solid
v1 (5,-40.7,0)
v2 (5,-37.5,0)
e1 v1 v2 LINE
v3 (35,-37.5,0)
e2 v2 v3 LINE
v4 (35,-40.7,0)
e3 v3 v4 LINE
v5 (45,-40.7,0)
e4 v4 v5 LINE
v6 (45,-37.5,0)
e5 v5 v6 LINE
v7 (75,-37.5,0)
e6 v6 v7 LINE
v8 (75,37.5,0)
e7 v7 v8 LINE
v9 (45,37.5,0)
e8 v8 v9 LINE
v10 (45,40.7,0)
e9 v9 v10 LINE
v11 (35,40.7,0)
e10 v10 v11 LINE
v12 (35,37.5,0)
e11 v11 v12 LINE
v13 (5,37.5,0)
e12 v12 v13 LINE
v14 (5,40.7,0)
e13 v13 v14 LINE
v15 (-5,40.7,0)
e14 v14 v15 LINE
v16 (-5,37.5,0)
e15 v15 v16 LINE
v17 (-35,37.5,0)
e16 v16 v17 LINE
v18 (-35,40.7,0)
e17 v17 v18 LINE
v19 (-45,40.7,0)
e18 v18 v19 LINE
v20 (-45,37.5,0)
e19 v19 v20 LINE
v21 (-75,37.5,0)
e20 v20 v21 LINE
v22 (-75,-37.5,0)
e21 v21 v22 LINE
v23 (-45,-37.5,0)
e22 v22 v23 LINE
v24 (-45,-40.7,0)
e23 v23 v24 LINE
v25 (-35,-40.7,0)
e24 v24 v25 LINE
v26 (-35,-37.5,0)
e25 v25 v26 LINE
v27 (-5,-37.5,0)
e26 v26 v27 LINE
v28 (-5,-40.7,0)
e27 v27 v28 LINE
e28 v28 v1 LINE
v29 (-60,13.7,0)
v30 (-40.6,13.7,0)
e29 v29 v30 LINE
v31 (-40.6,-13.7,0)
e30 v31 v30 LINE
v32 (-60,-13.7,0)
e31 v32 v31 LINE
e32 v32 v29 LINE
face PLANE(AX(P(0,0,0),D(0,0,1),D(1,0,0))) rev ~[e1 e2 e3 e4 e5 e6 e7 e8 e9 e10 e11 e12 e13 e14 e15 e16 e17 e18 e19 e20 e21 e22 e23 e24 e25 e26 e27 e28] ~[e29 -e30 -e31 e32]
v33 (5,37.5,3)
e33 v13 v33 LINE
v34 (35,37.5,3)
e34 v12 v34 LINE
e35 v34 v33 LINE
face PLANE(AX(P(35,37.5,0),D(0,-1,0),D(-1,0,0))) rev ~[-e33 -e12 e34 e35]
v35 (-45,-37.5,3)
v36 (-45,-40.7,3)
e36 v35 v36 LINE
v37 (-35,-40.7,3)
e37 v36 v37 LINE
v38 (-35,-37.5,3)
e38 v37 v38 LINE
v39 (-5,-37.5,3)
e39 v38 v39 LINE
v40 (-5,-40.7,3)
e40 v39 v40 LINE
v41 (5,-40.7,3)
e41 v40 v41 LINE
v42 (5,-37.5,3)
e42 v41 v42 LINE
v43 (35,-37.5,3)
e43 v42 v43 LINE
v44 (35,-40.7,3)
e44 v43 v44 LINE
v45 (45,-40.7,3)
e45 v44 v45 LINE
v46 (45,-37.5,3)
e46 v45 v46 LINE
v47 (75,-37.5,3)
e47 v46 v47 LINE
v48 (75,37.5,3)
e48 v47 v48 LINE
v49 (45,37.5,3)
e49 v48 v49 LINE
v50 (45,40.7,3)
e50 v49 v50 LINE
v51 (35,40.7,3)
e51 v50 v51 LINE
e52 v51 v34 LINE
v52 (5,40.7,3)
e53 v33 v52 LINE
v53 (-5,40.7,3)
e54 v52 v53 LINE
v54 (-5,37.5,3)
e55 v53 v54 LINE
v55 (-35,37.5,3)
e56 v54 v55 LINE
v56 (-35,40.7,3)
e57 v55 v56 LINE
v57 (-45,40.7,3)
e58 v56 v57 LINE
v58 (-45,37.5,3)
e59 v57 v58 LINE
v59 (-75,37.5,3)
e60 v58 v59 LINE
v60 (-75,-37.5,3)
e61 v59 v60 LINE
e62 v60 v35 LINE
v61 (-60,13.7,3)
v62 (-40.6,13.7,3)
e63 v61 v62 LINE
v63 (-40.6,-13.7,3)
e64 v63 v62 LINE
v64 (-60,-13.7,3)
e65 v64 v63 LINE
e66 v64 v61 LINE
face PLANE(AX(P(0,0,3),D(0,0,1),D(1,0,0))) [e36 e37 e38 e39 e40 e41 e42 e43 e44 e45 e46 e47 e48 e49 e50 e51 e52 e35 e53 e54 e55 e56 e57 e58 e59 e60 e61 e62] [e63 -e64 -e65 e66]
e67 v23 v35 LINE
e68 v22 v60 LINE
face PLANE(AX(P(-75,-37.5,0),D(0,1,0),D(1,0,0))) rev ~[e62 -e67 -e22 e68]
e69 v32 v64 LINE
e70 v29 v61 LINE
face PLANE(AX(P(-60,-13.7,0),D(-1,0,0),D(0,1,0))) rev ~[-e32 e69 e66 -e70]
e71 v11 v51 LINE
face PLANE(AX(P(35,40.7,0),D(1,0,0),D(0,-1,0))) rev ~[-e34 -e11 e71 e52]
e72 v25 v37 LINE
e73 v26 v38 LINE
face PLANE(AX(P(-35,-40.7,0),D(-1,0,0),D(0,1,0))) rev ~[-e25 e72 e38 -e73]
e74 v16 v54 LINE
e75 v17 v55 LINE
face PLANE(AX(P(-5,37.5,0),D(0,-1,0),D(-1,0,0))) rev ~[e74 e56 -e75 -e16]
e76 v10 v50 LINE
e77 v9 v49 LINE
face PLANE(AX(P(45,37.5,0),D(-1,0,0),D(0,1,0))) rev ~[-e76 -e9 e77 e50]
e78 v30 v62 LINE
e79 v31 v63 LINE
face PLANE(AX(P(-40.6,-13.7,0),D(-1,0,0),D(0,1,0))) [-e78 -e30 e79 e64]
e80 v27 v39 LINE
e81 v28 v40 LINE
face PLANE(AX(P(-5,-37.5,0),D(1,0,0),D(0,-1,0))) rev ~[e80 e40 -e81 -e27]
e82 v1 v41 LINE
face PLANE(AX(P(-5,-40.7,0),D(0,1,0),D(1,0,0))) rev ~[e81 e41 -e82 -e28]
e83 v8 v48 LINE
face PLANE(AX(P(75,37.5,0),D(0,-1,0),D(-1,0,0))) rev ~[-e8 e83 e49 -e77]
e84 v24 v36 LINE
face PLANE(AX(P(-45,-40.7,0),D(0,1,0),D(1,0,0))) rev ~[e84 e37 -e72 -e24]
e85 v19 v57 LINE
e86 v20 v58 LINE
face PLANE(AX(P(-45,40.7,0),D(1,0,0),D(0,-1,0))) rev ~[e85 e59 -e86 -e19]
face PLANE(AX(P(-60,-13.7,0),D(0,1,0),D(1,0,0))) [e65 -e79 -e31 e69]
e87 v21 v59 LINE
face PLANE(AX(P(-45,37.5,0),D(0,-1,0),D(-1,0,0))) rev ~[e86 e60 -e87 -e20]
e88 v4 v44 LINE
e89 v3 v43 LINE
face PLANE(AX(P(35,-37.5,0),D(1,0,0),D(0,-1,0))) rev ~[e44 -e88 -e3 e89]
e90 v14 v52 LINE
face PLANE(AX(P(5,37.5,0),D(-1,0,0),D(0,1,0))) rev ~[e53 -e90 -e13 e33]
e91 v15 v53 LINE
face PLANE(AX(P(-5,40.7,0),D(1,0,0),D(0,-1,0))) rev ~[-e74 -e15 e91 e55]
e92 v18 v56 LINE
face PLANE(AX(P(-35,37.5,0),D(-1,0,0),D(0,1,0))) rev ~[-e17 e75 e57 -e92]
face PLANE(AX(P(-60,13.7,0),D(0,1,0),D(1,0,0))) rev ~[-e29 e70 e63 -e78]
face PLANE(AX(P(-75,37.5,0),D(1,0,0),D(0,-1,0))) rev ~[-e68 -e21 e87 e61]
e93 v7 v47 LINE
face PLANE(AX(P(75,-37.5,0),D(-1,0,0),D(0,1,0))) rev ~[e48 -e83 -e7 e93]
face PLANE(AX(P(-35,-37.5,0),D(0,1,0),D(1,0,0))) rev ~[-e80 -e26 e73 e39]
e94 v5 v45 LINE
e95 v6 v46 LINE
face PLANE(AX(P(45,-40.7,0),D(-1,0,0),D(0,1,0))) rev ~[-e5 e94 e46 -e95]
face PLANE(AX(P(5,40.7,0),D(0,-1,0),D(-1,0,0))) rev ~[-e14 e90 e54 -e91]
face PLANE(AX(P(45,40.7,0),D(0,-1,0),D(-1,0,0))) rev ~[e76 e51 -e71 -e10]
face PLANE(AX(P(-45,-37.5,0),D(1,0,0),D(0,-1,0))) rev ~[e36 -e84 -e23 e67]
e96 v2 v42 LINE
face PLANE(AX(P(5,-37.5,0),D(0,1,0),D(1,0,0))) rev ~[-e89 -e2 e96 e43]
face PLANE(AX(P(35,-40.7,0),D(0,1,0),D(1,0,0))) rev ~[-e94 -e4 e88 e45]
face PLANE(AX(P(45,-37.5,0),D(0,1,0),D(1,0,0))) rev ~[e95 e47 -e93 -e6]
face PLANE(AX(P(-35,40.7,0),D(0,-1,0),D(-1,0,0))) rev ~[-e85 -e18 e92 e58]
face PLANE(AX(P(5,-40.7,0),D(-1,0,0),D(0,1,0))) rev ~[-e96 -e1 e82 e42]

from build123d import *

# Parameters (mm, degrees)
F0_W     = 19.4
F0_H     = 27.4
F1_DEPTH = 3


with BuildPart() as f1:
    # F0 (on Top) → F1 (new body)
    with BuildSketch(Plane.XY):
        Polygon((-45, 37.5), (-75, 37.5), (-75, -37.5), (-45, -37.5), (-45, -40.7), (-35, -40.7), (-35, -37.5), (-5, -37.5), (-5, -40.7), (5, -40.7), (5, -37.5), (35, -37.5), (35, -40.7), (45, -40.7), (45, -37.5), (75, -37.5), (75, 37.5), (45, 37.5), (45, 40.7), (35, 40.7), (35, 37.5), (5, 37.5), (5, 40.7), (-5, 40.7), (-5, 37.5), (-35, 37.5), (-35, 40.7), (-45, 40.7), align=None)
        with Locations((-50.3, 0)):
            Rectangle(F0_W, F0_H, mode=Mode.SUBTRACT)
    extrude(amount=F1_DEPTH)


solid = f1.part
